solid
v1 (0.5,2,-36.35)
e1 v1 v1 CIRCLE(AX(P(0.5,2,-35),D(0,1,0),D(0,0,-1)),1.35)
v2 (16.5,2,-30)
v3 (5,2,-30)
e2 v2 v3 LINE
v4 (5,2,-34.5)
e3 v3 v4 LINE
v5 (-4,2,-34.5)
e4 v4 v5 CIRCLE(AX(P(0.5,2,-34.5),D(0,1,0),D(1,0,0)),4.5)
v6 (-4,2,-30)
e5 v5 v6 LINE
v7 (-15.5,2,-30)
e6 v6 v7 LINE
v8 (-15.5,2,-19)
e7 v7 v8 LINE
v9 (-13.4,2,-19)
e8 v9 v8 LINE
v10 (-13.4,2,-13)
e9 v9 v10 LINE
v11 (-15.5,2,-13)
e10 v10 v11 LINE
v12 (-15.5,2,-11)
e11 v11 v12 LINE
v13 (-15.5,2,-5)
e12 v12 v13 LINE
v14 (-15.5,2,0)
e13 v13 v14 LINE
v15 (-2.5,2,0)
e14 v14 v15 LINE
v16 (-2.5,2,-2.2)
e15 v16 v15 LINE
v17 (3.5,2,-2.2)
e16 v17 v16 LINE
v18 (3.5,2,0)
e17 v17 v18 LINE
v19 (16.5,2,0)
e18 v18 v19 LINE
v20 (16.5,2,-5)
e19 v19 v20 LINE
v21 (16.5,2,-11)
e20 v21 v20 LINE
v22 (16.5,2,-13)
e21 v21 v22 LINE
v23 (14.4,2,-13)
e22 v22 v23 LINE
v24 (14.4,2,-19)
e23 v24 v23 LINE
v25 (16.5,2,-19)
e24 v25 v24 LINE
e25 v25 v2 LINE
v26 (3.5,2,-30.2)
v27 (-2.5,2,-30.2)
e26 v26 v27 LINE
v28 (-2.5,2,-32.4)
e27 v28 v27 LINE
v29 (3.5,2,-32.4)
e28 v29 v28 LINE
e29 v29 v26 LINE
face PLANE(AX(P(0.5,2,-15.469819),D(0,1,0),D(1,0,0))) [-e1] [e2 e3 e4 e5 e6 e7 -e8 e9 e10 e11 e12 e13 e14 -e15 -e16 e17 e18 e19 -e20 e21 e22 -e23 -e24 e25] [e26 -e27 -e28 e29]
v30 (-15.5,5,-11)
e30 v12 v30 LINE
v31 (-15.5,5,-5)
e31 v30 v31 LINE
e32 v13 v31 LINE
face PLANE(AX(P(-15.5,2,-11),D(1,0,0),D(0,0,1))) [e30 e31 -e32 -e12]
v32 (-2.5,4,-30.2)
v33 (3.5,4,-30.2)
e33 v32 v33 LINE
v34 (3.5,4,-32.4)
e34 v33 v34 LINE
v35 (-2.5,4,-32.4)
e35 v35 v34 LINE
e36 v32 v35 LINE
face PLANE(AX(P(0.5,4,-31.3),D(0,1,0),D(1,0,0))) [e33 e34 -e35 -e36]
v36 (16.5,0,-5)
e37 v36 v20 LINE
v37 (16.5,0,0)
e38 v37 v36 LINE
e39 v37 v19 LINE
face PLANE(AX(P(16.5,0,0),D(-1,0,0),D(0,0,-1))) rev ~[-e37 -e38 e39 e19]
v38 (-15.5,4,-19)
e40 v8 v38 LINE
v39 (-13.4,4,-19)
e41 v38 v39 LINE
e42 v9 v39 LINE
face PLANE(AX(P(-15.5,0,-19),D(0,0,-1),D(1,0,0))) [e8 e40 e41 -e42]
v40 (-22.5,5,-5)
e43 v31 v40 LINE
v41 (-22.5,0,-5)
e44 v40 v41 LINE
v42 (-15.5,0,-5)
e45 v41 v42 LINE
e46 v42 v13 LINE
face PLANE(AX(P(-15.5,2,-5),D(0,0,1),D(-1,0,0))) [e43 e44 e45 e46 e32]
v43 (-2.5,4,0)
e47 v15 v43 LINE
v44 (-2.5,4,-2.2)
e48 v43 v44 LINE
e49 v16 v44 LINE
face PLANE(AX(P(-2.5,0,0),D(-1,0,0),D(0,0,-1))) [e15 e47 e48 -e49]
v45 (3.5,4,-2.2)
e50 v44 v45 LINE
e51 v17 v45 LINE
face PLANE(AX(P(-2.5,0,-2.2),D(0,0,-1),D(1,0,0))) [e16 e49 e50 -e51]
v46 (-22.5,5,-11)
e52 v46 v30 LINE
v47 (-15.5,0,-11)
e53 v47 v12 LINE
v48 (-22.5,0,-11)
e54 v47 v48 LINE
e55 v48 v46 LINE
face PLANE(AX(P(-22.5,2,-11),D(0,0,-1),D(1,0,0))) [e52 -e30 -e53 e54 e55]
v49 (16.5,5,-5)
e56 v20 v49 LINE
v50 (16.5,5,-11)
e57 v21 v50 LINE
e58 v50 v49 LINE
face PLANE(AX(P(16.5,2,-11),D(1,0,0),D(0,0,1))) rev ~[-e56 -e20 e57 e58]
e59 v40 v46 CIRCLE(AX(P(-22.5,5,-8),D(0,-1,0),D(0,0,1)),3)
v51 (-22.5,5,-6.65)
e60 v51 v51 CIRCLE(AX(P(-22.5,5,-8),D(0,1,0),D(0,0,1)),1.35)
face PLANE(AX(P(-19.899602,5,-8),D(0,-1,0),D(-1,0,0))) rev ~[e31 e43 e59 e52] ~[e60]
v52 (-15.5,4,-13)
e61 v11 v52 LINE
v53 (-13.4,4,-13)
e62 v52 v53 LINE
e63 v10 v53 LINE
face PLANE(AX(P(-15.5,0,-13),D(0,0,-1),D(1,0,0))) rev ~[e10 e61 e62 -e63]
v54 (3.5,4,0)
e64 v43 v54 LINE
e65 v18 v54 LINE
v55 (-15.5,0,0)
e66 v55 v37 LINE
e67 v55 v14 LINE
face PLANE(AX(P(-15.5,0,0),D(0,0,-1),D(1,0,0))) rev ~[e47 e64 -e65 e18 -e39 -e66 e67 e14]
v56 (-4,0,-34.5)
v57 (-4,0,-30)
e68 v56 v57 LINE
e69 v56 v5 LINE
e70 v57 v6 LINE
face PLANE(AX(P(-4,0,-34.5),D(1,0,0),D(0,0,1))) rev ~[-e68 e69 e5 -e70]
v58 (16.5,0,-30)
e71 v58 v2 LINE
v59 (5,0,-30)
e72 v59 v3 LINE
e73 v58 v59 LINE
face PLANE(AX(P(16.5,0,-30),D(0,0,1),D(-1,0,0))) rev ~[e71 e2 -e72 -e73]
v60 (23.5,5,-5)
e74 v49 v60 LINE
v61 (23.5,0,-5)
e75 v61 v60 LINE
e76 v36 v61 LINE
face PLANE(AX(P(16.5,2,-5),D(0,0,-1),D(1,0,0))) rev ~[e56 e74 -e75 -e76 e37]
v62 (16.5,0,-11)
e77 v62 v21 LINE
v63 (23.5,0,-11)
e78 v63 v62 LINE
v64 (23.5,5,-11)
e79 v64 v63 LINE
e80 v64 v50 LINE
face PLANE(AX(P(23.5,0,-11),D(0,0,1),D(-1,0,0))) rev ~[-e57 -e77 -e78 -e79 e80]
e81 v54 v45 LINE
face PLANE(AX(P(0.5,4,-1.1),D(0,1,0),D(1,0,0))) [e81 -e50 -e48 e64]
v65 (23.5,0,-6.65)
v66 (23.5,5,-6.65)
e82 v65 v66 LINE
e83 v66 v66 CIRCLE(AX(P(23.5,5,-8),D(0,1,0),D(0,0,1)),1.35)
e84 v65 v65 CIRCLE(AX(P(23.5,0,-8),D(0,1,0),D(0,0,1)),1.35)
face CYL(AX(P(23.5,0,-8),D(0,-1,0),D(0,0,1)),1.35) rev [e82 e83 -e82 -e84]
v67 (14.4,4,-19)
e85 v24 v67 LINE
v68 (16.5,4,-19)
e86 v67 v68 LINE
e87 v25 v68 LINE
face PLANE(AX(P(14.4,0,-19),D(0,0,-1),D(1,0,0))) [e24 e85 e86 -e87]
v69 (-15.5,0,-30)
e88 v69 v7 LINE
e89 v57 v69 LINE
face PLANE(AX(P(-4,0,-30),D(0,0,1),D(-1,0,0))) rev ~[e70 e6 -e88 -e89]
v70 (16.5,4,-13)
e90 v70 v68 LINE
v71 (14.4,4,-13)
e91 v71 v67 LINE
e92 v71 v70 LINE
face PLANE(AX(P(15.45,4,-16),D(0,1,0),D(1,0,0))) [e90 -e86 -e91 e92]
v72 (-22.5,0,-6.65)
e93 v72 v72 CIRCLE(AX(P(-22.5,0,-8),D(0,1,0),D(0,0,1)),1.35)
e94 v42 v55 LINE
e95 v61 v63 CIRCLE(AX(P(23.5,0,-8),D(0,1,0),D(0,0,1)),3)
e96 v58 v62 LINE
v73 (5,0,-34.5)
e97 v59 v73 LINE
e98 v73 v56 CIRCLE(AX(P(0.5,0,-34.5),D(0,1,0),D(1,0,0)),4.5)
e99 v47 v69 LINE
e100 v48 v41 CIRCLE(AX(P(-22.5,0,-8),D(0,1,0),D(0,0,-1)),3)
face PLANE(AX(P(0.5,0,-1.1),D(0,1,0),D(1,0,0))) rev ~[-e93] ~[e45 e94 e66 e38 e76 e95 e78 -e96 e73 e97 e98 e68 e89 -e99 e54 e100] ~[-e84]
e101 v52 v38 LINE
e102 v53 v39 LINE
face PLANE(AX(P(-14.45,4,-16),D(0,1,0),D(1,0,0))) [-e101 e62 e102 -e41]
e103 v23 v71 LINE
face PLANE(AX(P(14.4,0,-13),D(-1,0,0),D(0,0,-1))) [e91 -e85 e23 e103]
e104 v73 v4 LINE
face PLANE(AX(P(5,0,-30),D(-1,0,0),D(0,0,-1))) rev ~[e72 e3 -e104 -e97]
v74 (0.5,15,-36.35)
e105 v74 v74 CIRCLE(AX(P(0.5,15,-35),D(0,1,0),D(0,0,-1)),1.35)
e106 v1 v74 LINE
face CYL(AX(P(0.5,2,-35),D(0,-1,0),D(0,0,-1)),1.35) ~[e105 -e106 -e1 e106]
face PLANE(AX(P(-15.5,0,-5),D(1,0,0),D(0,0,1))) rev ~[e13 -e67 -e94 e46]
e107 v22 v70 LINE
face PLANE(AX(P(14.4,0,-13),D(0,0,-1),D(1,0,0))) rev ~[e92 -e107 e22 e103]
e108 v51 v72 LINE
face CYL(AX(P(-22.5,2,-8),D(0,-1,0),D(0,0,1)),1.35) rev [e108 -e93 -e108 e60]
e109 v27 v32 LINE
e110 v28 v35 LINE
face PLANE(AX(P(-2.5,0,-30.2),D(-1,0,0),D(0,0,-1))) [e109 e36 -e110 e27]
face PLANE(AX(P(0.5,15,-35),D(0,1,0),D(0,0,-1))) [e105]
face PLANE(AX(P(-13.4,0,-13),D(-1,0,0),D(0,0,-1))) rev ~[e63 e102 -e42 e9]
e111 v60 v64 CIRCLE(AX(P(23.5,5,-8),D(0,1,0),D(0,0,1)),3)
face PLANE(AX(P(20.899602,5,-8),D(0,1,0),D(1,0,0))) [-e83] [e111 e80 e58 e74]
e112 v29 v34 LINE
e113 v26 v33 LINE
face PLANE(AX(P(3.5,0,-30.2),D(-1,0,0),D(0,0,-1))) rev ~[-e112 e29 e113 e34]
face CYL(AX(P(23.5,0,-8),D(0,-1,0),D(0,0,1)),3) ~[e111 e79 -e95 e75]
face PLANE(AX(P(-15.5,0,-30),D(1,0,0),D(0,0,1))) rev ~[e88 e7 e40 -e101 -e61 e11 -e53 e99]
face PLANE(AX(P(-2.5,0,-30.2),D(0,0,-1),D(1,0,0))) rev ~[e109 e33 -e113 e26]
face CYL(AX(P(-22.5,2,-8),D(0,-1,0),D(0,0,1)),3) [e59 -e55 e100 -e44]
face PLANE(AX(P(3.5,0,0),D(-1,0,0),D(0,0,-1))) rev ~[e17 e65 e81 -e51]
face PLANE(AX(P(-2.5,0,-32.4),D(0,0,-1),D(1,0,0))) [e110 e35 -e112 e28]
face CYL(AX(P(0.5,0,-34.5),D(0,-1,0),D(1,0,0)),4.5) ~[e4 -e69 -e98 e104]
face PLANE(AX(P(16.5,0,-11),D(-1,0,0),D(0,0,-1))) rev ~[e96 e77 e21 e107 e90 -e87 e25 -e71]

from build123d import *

# Parameters (mm, degrees)
SKETCH1_R           = 1.35
BOSS_EXTRUDE2_DEPTH = 2
SKETCH3_R           = 1.35
BOSS_EXTRUDE3_DEPTH = 13
SKETCH5_R           = 1.35
BOSS_EXTRUDE4_DEPTH = 3
SKETCH6_W           = 6
SKETCH6_H           = 2.2
SKETCH6_W_2         = 2.1
SKETCH6_H_2         = 6
BOSS_EXTRUDE5_DEPTH = 4


with BuildPart() as part:
    # Sketch1 → Boss-Extrude2 (new body)
    with BuildSketch(Plane(origin=(0, 0, 0), x_dir=(1, 0, 0), z_dir=(0, 1, 0))):
        with BuildLine():
            Line((-15.5, 30), (-15.5, 11))
            Line((-15.5, 11), (-22.5, 11))
            ThreePointArc((-22.5, 11), (-25.5, 8), (-22.5, 5))
            Line((-22.5, 5), (-15.5, 5))
            Line((-15.5, 5), (-15.5, 0))
            Line((-15.5, 0), (16.5, 0))
            Line((16.5, 0), (16.5, 5))
            Line((16.5, 5), (23.5, 5))
            ThreePointArc((23.5, 5), (26.5, 8), (23.5, 11))
            Line((23.5, 11), (16.5, 11))
            Line((16.5, 11), (16.5, 30))
            Line((16.5, 30), (5, 30))
            Line((5, 30), (5, 34.5))
            ThreePointArc((5, 34.5), (0.5, 39), (-4, 34.5))
            Line((-4, 34.5), (-4, 30))
            Line((-4, 30), (-15.5, 30))
        make_face()
        with Locations(Location((-22.5, 8, 0), (0, 0, 270))):
            Circle(SKETCH1_R, mode=Mode.SUBTRACT)
        with Locations(Location((23.5, 8, 0), (0, 0, 270))):
            Circle(SKETCH1_R, mode=Mode.SUBTRACT)
    extrude(amount=BOSS_EXTRUDE2_DEPTH)

    # Sketch3 → Boss-Extrude3 (add)
    with BuildSketch(Plane(origin=(0, 2, 0), x_dir=(1, 0, 0), z_dir=(0, 1, 0))):
        with Locations(Location((0.5, 35, 0), (0, 0, 90))):
            Circle(SKETCH3_R)
    extrude(amount=BOSS_EXTRUDE3_DEPTH)

    # Sketch5 → Boss-Extrude4 (add)
    # profile 1 of 2: a face of its own
    with BuildSketch(Plane(origin=(0, 2, 0), x_dir=(1, 0, 0), z_dir=(0, 1, 0))):
        with BuildLine():
            Line((-15.5, 11), (-15.5, 5))
            Line((-15.5, 5), (-22.5, 5))
            ThreePointArc((-22.5, 5), (-25.5, 8), (-22.5, 11))
            Line((-22.5, 11), (-15.5, 11))
        make_face()
        with Locations(Location((-22.5, 8, 0), (0, 0, 270))):
            Circle(SKETCH5_R, mode=Mode.SUBTRACT)
    # profile 2 of 2: a face of its own
    with BuildSketch(Plane(origin=(0, 2, 0), x_dir=(1, 0, 0), z_dir=(0, 1, 0))):
        with BuildLine():
            Line((16.5, 11), (16.5, 5))
            Line((16.5, 5), (23.5, 5))
            ThreePointArc((23.5, 5), (26.5, 8), (23.5, 11))
            Line((23.5, 11), (16.5, 11))
        make_face()
        with Locations(Location((23.5, 8, 0), (0, 0, 270))):
            Circle(SKETCH5_R, mode=Mode.SUBTRACT)
    extrude(amount=BOSS_EXTRUDE4_DEPTH)

    # Sketch6 → Boss-Extrude5 (add)
    with BuildSketch(Plane(origin=(0, 0, 0), x_dir=(1, 0, 0), z_dir=(0, 1, 0))):
        with Locations((0.5, 1.1)):
            Rectangle(SKETCH6_W, SKETCH6_H)
        with Locations((-14.45, 16)):
            Rectangle(SKETCH6_W_2, SKETCH6_H_2)
        with Locations((15.45, 16)):
            Rectangle(SKETCH6_W_2, SKETCH6_H_2)
        with Locations((0.5, 31.3)):
            Rectangle(SKETCH6_W, SKETCH6_H)
    extrude(amount=BOSS_EXTRUDE5_DEPTH)


solid = part.part
